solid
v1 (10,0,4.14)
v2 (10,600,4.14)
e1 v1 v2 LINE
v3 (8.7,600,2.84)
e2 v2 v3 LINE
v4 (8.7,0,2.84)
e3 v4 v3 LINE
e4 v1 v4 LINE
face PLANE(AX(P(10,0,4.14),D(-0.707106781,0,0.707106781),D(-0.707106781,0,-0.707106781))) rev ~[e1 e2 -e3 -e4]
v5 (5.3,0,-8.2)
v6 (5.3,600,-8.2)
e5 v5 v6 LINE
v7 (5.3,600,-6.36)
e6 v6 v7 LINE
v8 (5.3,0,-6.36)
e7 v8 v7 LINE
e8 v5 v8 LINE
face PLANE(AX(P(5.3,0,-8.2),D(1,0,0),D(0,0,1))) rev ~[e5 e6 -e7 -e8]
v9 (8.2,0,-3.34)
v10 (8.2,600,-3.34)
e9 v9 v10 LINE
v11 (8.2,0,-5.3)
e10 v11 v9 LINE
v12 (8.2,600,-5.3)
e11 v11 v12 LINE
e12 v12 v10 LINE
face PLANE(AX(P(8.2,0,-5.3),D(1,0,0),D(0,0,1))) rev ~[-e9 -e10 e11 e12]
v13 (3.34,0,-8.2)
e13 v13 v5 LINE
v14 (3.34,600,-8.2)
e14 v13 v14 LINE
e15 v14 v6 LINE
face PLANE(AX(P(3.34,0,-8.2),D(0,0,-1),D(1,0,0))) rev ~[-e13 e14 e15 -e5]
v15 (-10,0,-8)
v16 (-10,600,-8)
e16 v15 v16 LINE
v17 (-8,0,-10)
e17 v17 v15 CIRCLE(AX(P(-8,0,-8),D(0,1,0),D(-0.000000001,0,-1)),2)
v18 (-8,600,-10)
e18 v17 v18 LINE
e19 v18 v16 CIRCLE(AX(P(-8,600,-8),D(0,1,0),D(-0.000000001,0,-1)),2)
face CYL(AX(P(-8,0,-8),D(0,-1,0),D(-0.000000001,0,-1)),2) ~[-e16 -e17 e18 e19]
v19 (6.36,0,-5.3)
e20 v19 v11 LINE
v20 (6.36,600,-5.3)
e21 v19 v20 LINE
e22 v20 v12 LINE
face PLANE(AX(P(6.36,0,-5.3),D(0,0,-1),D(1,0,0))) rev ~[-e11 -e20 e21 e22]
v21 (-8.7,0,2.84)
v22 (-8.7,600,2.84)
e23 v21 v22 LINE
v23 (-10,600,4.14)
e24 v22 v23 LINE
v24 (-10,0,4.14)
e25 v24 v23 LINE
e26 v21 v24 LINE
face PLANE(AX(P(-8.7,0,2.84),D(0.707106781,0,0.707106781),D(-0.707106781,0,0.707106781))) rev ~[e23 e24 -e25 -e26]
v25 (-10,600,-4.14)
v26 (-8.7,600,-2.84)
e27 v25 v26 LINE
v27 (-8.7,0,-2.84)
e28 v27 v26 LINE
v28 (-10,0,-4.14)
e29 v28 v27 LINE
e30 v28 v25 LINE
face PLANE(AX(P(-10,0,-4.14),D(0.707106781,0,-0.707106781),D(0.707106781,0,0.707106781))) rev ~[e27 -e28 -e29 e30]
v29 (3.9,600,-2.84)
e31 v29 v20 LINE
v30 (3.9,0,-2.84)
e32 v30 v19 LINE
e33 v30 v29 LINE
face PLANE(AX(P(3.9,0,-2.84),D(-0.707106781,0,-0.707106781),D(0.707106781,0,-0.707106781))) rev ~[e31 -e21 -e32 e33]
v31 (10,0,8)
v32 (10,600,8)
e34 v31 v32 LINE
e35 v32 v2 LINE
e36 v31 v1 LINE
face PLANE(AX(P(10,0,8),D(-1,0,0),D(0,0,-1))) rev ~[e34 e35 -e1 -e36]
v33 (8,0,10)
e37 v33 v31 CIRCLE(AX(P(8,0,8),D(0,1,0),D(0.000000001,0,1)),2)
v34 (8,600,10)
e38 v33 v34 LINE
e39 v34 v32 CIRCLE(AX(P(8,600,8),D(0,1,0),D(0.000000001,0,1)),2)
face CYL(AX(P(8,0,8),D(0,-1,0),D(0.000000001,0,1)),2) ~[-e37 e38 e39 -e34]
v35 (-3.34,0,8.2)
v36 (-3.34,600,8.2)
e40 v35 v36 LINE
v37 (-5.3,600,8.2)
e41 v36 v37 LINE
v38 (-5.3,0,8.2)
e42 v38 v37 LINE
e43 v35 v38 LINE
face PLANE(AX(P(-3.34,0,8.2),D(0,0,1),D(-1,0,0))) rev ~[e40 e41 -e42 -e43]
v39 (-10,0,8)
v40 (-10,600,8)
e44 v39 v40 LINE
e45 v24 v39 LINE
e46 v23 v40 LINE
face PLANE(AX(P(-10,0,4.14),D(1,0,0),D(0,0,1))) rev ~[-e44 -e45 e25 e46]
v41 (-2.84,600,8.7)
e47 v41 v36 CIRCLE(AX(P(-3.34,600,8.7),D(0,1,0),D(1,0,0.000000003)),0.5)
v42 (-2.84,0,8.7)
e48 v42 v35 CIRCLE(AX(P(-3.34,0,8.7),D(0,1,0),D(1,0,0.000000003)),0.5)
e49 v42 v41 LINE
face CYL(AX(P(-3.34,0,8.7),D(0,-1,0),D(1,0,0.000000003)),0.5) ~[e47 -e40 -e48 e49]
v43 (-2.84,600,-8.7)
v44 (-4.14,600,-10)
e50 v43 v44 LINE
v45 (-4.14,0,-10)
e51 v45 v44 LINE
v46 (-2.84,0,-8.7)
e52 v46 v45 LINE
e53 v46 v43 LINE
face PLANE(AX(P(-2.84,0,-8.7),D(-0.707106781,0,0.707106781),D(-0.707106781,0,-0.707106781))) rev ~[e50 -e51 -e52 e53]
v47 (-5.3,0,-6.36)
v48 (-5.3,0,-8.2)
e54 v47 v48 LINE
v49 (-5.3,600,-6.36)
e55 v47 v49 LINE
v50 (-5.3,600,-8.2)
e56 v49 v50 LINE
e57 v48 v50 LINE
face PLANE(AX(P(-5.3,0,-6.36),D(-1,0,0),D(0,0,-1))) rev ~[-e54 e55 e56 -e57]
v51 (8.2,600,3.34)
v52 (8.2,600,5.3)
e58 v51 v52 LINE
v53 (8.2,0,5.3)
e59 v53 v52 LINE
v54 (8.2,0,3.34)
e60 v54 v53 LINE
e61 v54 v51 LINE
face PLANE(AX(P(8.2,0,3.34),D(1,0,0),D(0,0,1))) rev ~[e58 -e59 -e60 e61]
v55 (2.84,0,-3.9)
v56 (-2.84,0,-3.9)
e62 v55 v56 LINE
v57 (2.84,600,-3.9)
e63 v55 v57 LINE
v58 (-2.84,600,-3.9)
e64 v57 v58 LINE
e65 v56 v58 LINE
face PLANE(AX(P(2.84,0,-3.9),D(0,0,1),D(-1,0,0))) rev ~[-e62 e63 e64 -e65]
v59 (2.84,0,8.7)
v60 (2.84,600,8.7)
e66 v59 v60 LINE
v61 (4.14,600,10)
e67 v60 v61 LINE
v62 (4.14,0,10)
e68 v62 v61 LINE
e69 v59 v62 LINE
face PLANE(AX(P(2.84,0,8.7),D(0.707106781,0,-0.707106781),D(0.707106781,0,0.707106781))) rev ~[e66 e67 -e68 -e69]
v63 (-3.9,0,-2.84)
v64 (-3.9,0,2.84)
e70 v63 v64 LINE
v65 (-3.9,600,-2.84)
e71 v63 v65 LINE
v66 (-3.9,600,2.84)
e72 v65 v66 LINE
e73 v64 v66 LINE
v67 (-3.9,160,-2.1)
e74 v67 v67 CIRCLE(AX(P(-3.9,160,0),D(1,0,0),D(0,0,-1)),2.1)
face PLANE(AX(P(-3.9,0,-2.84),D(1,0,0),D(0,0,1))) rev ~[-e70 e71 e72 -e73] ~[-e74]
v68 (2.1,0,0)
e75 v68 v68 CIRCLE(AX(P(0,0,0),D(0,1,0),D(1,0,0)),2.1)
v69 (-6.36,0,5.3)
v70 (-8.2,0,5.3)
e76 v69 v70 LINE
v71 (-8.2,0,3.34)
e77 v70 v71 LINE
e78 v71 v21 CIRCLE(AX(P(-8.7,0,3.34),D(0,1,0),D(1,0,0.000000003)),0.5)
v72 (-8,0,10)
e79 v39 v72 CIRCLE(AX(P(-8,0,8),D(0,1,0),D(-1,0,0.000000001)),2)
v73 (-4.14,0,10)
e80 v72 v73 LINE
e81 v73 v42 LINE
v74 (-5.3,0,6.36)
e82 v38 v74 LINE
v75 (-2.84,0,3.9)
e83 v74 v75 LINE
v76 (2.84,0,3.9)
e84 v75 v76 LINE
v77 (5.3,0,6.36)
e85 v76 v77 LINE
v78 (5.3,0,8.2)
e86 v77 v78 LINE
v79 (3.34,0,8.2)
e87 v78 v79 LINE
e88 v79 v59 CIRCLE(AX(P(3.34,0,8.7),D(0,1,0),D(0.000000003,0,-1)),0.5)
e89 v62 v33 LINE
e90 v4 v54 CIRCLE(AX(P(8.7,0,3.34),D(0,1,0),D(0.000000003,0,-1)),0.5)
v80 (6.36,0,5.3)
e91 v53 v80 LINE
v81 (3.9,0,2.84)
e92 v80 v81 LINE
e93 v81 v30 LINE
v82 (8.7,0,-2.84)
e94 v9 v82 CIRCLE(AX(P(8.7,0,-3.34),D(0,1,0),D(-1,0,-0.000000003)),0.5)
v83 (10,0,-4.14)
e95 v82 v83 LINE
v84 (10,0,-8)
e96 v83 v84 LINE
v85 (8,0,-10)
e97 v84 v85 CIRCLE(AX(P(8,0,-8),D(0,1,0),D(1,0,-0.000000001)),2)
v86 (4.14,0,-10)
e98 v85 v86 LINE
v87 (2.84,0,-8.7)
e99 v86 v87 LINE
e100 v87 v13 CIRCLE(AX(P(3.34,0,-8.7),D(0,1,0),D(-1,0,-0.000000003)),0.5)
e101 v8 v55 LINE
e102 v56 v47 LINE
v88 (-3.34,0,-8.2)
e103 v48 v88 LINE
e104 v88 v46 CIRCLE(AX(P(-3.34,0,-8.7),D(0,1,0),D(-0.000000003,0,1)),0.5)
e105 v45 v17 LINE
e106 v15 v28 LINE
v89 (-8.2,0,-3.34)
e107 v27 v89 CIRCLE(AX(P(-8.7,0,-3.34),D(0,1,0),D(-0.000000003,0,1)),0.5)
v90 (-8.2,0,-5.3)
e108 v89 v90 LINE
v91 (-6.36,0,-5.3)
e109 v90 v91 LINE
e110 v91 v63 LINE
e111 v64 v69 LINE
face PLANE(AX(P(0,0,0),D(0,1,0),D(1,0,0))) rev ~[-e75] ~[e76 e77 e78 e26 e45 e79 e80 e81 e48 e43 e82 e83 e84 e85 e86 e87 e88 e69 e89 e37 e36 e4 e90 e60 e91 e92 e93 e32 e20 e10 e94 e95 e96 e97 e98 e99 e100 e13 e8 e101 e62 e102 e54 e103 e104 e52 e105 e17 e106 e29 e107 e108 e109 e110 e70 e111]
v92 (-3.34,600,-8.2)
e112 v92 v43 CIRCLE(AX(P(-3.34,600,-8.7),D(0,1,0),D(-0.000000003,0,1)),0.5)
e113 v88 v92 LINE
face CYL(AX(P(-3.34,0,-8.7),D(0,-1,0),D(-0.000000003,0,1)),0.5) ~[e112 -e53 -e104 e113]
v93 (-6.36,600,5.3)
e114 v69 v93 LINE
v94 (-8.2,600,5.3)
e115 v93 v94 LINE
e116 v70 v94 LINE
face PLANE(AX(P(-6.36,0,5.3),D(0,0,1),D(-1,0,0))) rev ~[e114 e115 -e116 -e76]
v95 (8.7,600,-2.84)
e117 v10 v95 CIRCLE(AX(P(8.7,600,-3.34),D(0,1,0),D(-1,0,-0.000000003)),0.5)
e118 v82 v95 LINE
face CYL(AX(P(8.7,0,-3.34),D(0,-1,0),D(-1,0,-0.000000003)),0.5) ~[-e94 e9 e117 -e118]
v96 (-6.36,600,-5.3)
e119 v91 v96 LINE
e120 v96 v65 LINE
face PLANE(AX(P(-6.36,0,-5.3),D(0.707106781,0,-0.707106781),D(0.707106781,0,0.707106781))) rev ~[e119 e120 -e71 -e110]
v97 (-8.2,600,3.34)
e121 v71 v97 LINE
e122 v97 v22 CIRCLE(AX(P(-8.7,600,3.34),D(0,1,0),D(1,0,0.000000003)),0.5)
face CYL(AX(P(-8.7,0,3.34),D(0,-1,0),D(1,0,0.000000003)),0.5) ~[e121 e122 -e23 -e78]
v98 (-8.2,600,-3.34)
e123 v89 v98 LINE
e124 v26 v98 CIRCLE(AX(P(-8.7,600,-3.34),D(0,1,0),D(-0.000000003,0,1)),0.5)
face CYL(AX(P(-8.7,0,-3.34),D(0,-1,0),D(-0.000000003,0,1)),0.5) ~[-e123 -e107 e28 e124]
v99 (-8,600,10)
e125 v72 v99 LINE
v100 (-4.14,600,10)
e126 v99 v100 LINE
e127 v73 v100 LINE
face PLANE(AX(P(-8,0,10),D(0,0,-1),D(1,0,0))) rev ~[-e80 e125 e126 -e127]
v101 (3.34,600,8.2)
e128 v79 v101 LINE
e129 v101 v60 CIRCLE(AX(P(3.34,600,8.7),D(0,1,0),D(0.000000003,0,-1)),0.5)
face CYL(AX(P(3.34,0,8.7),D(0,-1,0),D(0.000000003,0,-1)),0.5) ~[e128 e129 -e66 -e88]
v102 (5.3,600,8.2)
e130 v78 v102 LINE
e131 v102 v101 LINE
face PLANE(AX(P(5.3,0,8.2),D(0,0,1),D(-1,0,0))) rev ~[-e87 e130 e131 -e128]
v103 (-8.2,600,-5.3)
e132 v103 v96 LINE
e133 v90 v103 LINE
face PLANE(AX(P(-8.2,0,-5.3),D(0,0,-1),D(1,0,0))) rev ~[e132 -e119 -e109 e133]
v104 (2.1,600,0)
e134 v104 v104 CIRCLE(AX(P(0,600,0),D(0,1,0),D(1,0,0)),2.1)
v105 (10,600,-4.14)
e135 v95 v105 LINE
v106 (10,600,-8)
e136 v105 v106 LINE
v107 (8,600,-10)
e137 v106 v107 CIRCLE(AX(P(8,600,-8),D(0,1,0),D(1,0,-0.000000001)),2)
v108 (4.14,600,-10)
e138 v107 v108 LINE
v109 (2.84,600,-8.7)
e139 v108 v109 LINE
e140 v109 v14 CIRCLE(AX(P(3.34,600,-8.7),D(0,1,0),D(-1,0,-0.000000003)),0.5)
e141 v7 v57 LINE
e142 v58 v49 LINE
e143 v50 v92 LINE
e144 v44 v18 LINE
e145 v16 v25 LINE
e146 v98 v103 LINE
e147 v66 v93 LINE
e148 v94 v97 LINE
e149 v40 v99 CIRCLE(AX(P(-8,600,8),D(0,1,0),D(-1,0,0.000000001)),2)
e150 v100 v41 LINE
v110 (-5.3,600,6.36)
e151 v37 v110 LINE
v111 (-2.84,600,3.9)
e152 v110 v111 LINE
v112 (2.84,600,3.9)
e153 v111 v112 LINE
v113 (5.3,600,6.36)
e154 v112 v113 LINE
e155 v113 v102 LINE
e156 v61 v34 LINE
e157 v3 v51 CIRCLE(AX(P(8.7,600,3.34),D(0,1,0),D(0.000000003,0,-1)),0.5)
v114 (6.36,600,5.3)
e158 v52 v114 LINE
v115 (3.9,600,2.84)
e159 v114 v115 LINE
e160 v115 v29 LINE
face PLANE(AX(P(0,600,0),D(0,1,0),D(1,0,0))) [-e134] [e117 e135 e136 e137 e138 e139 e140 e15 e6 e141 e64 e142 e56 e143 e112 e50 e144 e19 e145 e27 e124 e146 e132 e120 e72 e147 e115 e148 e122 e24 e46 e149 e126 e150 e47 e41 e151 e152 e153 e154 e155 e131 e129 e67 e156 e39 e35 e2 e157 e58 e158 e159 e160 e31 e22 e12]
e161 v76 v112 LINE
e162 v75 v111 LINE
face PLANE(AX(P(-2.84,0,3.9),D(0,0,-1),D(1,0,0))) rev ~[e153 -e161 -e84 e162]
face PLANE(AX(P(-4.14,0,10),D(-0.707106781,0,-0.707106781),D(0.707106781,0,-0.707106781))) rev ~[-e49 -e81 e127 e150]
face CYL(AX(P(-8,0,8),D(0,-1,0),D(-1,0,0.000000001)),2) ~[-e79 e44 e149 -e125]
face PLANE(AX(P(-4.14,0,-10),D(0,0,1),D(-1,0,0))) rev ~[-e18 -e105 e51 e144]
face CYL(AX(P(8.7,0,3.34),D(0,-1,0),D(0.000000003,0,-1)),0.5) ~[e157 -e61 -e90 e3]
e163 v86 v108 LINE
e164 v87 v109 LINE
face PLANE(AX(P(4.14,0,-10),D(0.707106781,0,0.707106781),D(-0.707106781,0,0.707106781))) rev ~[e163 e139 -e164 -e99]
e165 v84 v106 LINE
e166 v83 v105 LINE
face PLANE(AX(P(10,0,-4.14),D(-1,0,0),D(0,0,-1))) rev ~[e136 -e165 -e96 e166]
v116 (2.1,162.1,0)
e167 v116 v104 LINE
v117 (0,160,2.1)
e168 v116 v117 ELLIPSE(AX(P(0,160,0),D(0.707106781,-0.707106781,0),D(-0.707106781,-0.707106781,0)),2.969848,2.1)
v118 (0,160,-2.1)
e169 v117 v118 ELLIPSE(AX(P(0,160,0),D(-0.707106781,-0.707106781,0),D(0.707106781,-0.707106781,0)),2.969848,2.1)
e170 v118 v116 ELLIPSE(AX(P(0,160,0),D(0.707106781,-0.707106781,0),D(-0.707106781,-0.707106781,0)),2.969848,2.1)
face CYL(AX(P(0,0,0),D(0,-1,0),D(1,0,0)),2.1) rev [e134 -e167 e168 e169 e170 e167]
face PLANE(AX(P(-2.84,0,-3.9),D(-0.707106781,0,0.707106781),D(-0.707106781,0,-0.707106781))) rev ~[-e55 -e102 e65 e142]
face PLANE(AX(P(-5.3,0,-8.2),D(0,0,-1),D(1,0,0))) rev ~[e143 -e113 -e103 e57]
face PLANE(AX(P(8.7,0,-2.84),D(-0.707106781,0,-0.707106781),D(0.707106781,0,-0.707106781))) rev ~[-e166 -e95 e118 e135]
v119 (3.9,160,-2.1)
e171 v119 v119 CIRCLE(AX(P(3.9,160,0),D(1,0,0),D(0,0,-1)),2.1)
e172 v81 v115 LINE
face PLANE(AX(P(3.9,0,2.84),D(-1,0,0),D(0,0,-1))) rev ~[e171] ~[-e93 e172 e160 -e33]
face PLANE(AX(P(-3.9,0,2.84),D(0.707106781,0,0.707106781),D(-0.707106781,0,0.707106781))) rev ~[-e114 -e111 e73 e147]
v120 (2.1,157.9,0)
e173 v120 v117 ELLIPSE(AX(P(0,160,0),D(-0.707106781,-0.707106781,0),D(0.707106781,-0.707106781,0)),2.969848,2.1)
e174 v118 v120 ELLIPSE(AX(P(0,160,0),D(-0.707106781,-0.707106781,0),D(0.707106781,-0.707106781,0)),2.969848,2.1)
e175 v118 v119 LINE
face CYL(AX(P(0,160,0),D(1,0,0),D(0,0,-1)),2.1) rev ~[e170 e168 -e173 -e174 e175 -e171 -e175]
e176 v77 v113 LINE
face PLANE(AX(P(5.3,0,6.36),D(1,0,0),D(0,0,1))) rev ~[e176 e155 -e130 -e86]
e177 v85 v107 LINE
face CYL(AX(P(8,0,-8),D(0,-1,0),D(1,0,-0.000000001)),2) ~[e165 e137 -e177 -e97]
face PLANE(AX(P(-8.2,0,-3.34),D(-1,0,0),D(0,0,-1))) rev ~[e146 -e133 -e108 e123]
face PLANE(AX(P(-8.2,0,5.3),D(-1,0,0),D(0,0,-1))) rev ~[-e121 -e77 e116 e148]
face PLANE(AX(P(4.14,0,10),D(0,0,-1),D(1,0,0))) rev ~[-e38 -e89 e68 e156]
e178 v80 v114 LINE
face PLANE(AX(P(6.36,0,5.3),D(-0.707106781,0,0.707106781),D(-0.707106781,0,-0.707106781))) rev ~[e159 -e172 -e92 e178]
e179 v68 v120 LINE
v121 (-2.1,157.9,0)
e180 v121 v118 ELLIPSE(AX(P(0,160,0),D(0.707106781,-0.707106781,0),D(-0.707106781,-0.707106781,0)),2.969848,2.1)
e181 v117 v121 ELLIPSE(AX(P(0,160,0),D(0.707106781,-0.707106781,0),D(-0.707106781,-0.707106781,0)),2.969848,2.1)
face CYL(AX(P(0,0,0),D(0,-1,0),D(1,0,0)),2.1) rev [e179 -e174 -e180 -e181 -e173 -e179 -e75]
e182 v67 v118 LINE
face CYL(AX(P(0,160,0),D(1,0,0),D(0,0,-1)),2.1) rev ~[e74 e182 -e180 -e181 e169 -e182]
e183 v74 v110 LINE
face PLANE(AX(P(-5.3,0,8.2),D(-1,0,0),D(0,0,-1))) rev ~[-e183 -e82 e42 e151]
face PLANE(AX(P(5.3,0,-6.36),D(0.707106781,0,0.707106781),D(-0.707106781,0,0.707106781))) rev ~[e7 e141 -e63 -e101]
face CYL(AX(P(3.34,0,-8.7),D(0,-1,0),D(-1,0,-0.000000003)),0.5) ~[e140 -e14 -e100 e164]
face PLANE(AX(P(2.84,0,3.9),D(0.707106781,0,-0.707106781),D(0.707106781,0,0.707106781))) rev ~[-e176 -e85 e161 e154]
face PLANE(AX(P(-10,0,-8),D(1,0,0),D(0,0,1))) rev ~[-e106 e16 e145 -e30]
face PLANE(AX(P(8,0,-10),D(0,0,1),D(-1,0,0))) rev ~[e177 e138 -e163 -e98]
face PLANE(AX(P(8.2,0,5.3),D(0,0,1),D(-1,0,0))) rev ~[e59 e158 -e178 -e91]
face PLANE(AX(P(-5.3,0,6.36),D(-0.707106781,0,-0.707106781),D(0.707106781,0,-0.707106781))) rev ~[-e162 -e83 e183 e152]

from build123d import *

# Parameters (mm, degrees)
CROQUIS1_R              = 2.1
SALIENTE_EXTRUIR2_DEPTH = 600
CROQUIS2_R              = 2.1
CORTAR_EXTRUIR2_DEPTH   = 175


with BuildPart() as part:
    # Croquis1 → Saliente-Extruir2 (new body)
    with BuildSketch(Plane(origin=(0, 0, 0), x_dir=(1, 0, 0), z_dir=(0, 1, 0))):
        with BuildLine():
            Line((3.9, -2.84), (3.9, 2.84))
            Line((3.9, 2.84), (6.36, 5.3))
            Line((6.36, 5.3), (8.2, 5.3))
            Line((8.2, 5.3), (8.2, 3.34))
            ThreePointArc((8.2, 3.34), (8.346446609, 2.986446609), (8.7, 2.84))
            Line((8.7, 2.84), (10, 4.14))
            Line((10, 4.14), (10, 8))
            ThreePointArc((10, 8), (9.414213562, 9.414213562), (8, 10))
            Line((8, 10), (4.14, 10))
            Line((4.14, 10), (2.84, 8.7))
            ThreePointArc((2.84, 8.7), (2.986446609, 8.346446609), (3.34, 8.2))
            Line((3.34, 8.2), (5.3, 8.2))
            Line((5.3, 8.2), (5.3, 6.36))
            Line((5.3, 6.36), (2.84, 3.9))
            Line((2.84, 3.9), (-2.84, 3.9))
            Line((-2.84, 3.9), (-5.3, 6.36))
            Line((-5.3, 6.36), (-5.3, 8.2))
            Line((-5.3, 8.2), (-3.34, 8.2))
            ThreePointArc((-3.34, 8.2), (-2.986446609, 8.346446609), (-2.84, 8.7))
            Line((-2.84, 8.7), (-4.14, 10))
            Line((-4.14, 10), (-8, 10))
            ThreePointArc((-8, 10), (-9.414213562, 9.414213562), (-10, 8))
            Line((-10, 8), (-10, 4.14))
            Line((-10, 4.14), (-8.7, 2.84))
            ThreePointArc((-8.7, 2.84), (-8.346446609, 2.986446609), (-8.2, 3.34))
            Line((-8.2, 3.34), (-8.2, 5.3))
            Line((-8.2, 5.3), (-6.36, 5.3))
            Line((-6.36, 5.3), (-3.9, 2.84))
            Line((-3.9, 2.84), (-3.9, -2.84))
            Line((-3.9, -2.84), (-6.36, -5.3))
            Line((-6.36, -5.3), (-8.2, -5.3))
            Line((-8.2, -5.3), (-8.2, -3.34))
            ThreePointArc((-8.2, -3.34), (-8.346446609, -2.986446609), (-8.7, -2.84))
            Line((-8.7, -2.84), (-10, -4.14))
            Line((-10, -4.14), (-10, -8))
            ThreePointArc((-10, -8), (-9.414213562, -9.414213562), (-8, -10))
            Line((-8, -10), (-4.14, -10))
            Line((-4.14, -10), (-2.84, -8.7))
            ThreePointArc((-2.84, -8.7), (-2.986446609, -8.346446609), (-3.34, -8.2))
            Line((-3.34, -8.2), (-5.3, -8.2))
            Line((-5.3, -8.2), (-5.3, -6.36))
            Line((-5.3, -6.36), (-2.84, -3.9))
            Line((-2.84, -3.9), (2.84, -3.9))
            Line((2.84, -3.9), (5.3, -6.36))
            Line((5.3, -6.36), (5.3, -8.2))
            Line((5.3, -8.2), (3.34, -8.2))
            ThreePointArc((3.34, -8.2), (2.986446609, -8.346446609), (2.84, -8.7))
            Line((2.84, -8.7), (4.14, -10))
            Line((4.14, -10), (8, -10))
            ThreePointArc((8, -10), (9.414213562, -9.414213562), (10, -8))
            Line((10, -8), (10, -4.14))
            Line((10, -4.14), (8.7, -2.84))
            ThreePointArc((8.7, -2.84), (8.346446609, -2.986446609), (8.2, -3.34))
            Line((8.2, -3.34), (8.2, -5.3))
            Line((8.2, -5.3), (6.36, -5.3))
            Line((6.36, -5.3), (3.9, -2.84))
        make_face()
        Circle(CROQUIS1_R, mode=Mode.SUBTRACT)
    extrude(amount=SALIENTE_EXTRUIR2_DEPTH)

    # Croquis2 → Cortar-Extruir2 (cut, symmetric)
    with BuildSketch(Plane(origin=(0, 0, 0), x_dir=(0, 0, -1), z_dir=(1, 0, 0))):
        with Locations((0, 160)):
            Circle(CROQUIS2_R)
    extrude(amount=CORTAR_EXTRUIR2_DEPTH, both=True, mode=Mode.SUBTRACT)


solid = part.part
